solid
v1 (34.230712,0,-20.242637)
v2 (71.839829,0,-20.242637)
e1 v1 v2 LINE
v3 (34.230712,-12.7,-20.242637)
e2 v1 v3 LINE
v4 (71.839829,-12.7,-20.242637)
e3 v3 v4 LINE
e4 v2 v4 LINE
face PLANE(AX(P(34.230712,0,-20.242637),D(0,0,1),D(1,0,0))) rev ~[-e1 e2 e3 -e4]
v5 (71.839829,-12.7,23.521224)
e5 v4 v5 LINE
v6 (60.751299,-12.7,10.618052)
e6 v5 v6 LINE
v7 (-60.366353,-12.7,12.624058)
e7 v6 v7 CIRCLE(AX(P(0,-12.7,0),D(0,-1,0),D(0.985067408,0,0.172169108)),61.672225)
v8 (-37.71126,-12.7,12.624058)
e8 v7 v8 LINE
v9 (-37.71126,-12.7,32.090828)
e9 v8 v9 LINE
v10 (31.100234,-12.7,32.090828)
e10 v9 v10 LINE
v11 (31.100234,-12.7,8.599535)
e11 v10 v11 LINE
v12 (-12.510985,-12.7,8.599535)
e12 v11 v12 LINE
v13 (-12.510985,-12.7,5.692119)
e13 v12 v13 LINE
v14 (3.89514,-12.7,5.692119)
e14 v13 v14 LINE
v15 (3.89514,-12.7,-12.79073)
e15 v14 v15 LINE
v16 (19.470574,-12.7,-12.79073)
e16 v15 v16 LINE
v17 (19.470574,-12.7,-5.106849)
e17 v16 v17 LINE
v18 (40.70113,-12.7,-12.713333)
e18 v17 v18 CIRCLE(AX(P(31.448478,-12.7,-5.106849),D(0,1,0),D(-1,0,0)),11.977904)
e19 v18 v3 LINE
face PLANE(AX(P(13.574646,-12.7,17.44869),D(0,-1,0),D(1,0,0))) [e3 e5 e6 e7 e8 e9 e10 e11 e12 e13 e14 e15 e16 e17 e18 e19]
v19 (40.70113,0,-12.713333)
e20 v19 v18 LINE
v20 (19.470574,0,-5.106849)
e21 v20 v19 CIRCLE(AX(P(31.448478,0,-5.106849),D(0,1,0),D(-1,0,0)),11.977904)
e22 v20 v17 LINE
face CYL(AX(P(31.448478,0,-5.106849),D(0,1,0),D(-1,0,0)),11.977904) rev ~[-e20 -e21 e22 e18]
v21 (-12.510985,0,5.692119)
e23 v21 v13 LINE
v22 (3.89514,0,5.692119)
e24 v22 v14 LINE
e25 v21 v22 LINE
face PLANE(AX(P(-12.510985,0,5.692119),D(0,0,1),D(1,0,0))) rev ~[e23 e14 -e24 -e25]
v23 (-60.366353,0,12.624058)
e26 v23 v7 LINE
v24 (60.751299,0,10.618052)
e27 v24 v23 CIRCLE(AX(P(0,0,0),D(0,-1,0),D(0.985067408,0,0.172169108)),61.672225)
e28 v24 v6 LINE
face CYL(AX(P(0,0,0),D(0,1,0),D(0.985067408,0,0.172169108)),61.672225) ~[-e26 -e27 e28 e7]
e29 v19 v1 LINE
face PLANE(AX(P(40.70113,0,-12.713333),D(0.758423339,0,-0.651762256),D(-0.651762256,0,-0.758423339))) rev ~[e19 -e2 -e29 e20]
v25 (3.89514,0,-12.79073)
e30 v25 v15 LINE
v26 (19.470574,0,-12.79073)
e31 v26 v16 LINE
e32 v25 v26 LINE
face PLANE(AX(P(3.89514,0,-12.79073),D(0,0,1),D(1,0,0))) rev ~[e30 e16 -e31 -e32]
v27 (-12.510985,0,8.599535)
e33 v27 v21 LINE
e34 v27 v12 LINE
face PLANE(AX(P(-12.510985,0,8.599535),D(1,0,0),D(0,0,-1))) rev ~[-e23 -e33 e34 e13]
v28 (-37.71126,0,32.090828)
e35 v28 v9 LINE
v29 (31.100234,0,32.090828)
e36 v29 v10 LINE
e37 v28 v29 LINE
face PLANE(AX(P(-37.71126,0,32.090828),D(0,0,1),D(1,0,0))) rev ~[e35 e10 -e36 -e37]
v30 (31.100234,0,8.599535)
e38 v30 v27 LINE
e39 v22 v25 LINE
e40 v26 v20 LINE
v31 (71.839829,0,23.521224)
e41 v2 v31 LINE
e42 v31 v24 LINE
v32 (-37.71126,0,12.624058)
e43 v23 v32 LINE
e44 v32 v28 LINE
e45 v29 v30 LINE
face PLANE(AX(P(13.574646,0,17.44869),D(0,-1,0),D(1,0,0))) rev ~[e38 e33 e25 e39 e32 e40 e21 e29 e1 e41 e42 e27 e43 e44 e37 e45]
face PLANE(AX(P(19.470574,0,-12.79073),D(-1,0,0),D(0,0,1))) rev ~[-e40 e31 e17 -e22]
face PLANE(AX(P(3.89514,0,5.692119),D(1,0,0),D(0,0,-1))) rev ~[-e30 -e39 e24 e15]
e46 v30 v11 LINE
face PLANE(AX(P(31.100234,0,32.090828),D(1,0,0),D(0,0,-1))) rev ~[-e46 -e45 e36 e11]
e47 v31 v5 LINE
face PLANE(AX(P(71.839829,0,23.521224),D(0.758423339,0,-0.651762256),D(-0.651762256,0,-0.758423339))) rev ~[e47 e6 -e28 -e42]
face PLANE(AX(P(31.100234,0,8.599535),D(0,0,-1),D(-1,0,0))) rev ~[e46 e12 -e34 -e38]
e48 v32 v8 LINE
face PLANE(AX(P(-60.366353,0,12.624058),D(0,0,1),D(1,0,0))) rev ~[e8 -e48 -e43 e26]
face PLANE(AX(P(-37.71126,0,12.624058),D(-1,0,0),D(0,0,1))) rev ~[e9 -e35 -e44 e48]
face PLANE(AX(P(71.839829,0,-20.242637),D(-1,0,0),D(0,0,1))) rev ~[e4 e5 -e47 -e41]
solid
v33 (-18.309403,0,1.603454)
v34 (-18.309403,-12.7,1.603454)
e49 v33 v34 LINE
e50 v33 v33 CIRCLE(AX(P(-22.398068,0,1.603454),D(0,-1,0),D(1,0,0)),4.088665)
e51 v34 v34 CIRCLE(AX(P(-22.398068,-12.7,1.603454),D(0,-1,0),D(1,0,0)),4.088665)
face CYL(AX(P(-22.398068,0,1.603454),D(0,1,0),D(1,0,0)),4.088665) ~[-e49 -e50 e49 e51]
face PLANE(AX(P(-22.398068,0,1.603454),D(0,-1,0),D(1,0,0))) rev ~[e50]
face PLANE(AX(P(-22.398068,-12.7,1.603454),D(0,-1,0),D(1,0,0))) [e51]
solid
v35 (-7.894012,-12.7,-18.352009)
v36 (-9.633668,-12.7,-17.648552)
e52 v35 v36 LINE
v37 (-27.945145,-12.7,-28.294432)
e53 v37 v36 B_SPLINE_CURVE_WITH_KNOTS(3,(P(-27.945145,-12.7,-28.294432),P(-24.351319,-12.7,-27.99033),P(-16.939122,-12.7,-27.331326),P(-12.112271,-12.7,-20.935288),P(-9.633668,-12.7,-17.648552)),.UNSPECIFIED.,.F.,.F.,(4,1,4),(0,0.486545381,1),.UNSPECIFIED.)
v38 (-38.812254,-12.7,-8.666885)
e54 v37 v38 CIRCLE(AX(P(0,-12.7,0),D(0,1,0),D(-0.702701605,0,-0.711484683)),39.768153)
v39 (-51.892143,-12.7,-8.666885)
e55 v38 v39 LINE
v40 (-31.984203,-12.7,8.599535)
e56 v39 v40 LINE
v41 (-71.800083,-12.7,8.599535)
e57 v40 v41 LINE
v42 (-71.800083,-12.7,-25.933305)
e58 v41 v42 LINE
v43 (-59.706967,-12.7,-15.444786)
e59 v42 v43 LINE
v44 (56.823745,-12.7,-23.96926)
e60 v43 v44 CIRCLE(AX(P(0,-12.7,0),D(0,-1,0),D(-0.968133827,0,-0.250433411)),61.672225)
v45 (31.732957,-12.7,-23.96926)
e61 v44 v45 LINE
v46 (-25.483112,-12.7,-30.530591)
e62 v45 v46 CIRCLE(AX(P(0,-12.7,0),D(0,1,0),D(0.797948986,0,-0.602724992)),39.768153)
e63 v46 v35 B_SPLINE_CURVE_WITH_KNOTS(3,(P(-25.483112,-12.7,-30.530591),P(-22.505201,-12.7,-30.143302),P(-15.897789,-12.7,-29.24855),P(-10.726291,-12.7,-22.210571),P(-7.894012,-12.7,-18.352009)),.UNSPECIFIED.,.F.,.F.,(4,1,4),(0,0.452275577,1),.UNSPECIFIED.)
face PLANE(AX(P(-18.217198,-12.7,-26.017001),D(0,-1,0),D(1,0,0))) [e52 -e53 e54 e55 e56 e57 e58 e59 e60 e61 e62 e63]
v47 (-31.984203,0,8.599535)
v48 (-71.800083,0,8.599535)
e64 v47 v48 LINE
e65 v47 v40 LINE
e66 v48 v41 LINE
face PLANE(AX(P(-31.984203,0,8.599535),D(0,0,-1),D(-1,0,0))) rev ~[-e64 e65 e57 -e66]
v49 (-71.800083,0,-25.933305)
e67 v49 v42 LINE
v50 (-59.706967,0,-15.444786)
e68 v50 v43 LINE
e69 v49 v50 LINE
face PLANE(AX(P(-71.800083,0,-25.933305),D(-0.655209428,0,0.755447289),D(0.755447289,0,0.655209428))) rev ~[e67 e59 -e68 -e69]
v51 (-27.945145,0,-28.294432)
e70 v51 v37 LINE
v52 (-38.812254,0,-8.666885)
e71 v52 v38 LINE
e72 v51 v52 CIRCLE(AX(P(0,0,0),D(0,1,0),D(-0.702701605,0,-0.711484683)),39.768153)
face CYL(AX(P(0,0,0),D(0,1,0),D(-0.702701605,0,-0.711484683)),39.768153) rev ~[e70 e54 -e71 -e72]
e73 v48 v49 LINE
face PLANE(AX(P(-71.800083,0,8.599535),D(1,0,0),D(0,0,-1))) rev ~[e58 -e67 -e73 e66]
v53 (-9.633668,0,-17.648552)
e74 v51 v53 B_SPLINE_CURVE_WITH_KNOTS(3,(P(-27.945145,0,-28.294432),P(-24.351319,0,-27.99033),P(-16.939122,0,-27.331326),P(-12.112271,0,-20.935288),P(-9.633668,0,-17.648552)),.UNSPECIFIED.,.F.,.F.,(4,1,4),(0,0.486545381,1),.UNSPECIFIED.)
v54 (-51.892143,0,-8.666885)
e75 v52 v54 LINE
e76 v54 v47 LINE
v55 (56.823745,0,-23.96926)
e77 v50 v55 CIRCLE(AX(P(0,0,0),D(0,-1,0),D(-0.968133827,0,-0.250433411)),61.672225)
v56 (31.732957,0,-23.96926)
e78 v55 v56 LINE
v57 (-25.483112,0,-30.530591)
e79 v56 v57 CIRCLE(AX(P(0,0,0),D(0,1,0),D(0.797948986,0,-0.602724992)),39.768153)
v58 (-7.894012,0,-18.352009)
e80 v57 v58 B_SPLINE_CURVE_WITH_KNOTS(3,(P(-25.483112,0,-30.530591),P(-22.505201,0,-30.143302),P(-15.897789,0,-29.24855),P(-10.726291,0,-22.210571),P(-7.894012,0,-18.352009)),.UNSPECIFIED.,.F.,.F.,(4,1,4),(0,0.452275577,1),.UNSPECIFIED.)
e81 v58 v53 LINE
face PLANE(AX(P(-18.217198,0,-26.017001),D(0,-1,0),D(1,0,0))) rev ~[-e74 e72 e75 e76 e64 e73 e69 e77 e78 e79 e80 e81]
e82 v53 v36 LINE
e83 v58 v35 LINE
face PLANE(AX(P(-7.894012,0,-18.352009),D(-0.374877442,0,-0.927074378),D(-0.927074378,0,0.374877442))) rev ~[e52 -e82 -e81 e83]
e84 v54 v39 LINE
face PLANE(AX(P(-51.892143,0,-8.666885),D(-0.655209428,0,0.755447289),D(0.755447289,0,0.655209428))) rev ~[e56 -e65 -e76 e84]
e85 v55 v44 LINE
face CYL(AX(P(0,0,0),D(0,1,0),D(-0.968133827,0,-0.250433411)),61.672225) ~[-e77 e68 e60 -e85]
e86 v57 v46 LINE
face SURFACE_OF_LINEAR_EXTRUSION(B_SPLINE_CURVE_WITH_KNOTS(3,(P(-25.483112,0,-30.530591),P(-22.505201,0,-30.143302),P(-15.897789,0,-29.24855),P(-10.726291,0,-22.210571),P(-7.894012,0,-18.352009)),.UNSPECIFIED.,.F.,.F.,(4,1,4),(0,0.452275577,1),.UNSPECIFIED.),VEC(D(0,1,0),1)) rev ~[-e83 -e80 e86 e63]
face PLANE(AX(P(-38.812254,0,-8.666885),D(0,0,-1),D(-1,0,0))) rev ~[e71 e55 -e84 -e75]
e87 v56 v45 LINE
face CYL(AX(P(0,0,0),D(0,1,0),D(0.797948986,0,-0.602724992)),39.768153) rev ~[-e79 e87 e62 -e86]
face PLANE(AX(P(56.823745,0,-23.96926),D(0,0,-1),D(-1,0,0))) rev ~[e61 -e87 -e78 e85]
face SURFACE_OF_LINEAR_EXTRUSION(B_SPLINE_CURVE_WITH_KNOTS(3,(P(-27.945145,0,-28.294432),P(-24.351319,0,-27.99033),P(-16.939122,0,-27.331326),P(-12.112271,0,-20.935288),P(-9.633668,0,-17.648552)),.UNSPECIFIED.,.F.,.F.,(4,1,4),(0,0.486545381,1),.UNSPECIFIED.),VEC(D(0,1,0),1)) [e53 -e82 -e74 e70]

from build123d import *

# Parameters (mm, degrees)
F1_DEPTH = 12.7
F0_R     = 4.0886647845


with BuildPart() as f1:
    # F0 (on Front) → F1 (new body)
    with BuildSketch(Plane.XZ):
        with BuildLine():
            Line((71.8398294281, 23.5212235802), (60.751299087, 10.6180520119))
            ThreePointArc((60.751299087, 10.6180520119), (1.0213035563, 61.6637681976), (-60.3663526215, 12.6240580027))
            Line((-60.3663526215, 12.6240580027), (-37.7112602494, 12.6240580027))
            Line((-37.7112602494, 12.6240580027), (-37.7112602494, 32.0908278227))
            Line((-37.7112602494, 32.0908278227), (31.1002338197, 32.0908278227))
            Line((31.1002338197, 32.0908278227), (31.1002338197, 8.5995349878))
            Line((31.1002338197, 8.5995349878), (-12.5109853331, 8.5995349878))
            Line((-12.5109853331, 8.5995349878), (-12.5109853331, 5.6921191359))
            Line((-12.5109853331, 5.6921191359), (3.8951400559, 5.6921191359))
            Line((3.8951400559, 5.6921191359), (3.8951400559, -12.790729866))
            Line((3.8951400559, -12.790729866), (19.4705741372, -12.790729866))
            Line((19.4705741372, -12.790729866), (19.4705741372, -5.1068487732))
            ThreePointArc((19.4705741372, -5.1068487732), (35.4884527542, 6.1691779677), (40.7011304119, -12.7133326199))
            Line((40.7011304119, -12.7133326199), (34.2307118886, -20.2426370233))
            Line((34.2307118886, -20.2426370233), (71.8398294281, -20.2426370233))
            Line((71.8398294281, -20.2426370233), (71.8398294281, 23.5212235802))
        make_face()
    extrude(amount=F1_DEPTH)


with BuildPart() as f1b:
    # F0 (on Front) → F1, piece 2 (new body)
    with BuildSketch(Plane.XZ):
        with BuildLine():
            ThreePointArc((-27.9451449198, -28.2944317042), (-34.7914894942, -19.2628722893), (-38.8122544574, -8.6668849069))
            Line((-38.8122544574, -8.6668849069), (-51.8921427429, -8.6668849069))
            Line((-51.8921427429, -8.6668849069), (-31.9842025638, 8.5995349878))
            Line((-31.9842025638, 8.5995349878), (-71.800082922, 8.5995349878))
            Line((-71.800082922, 8.5995349878), (-71.800082922, -25.9333048016))
            Line((-71.800082922, -25.9333048016), (-59.7069674495, -15.4447857632))
            ThreePointArc((-59.7069674495, -15.4447857632), (-4.4994341074, -61.5078731708), (56.8237446806, -23.9692596832))
            Line((56.8237446806, -23.9692596832), (31.7329573204, -23.9692596832))
            ThreePointArc((31.7329573204, -23.9692596832), (4.5307735891, -39.509215137), (-25.4831119664, -30.530591127))
            add(Edge.make_bspline(
                [(-25.4831119664, -30.530591127), (-22.5052010071, -30.1433016085), (-15.8977890934, -29.2485495889), (-10.726291414, -22.2105711575), (-7.8940121457, -18.352009356)],
                knots=[0, 0, 0, 0, 0.4522755774, 1, 1, 1, 1], degree=3))
            Line((-7.8940121457, -18.352009356), (-9.633667767, -17.6485516131))
            add(Edge.make_bspline(
                [(-27.9451449198, -28.2944317042), (-24.3513194246, -27.9903303237), (-16.939122406, -27.3313255858), (-12.112270726, -20.9352883588), (-9.633667767, -17.6485516131)],
                knots=[0, 0, 0, 0, 0.4865453814, 1, 1, 1, 1], degree=3))
        make_face()
    extrude(amount=F1_DEPTH)


with BuildPart() as f1c:
    # F0 (on Front) → F1, piece 3 (new body)
    with BuildSketch(Plane.XZ):
        with Locations((-22.3980676383, 1.6034543514)):
            Circle(F0_R)
    extrude(amount=F1_DEPTH)


solid = Compound([f1.part, f1b.part, f1c.part])
